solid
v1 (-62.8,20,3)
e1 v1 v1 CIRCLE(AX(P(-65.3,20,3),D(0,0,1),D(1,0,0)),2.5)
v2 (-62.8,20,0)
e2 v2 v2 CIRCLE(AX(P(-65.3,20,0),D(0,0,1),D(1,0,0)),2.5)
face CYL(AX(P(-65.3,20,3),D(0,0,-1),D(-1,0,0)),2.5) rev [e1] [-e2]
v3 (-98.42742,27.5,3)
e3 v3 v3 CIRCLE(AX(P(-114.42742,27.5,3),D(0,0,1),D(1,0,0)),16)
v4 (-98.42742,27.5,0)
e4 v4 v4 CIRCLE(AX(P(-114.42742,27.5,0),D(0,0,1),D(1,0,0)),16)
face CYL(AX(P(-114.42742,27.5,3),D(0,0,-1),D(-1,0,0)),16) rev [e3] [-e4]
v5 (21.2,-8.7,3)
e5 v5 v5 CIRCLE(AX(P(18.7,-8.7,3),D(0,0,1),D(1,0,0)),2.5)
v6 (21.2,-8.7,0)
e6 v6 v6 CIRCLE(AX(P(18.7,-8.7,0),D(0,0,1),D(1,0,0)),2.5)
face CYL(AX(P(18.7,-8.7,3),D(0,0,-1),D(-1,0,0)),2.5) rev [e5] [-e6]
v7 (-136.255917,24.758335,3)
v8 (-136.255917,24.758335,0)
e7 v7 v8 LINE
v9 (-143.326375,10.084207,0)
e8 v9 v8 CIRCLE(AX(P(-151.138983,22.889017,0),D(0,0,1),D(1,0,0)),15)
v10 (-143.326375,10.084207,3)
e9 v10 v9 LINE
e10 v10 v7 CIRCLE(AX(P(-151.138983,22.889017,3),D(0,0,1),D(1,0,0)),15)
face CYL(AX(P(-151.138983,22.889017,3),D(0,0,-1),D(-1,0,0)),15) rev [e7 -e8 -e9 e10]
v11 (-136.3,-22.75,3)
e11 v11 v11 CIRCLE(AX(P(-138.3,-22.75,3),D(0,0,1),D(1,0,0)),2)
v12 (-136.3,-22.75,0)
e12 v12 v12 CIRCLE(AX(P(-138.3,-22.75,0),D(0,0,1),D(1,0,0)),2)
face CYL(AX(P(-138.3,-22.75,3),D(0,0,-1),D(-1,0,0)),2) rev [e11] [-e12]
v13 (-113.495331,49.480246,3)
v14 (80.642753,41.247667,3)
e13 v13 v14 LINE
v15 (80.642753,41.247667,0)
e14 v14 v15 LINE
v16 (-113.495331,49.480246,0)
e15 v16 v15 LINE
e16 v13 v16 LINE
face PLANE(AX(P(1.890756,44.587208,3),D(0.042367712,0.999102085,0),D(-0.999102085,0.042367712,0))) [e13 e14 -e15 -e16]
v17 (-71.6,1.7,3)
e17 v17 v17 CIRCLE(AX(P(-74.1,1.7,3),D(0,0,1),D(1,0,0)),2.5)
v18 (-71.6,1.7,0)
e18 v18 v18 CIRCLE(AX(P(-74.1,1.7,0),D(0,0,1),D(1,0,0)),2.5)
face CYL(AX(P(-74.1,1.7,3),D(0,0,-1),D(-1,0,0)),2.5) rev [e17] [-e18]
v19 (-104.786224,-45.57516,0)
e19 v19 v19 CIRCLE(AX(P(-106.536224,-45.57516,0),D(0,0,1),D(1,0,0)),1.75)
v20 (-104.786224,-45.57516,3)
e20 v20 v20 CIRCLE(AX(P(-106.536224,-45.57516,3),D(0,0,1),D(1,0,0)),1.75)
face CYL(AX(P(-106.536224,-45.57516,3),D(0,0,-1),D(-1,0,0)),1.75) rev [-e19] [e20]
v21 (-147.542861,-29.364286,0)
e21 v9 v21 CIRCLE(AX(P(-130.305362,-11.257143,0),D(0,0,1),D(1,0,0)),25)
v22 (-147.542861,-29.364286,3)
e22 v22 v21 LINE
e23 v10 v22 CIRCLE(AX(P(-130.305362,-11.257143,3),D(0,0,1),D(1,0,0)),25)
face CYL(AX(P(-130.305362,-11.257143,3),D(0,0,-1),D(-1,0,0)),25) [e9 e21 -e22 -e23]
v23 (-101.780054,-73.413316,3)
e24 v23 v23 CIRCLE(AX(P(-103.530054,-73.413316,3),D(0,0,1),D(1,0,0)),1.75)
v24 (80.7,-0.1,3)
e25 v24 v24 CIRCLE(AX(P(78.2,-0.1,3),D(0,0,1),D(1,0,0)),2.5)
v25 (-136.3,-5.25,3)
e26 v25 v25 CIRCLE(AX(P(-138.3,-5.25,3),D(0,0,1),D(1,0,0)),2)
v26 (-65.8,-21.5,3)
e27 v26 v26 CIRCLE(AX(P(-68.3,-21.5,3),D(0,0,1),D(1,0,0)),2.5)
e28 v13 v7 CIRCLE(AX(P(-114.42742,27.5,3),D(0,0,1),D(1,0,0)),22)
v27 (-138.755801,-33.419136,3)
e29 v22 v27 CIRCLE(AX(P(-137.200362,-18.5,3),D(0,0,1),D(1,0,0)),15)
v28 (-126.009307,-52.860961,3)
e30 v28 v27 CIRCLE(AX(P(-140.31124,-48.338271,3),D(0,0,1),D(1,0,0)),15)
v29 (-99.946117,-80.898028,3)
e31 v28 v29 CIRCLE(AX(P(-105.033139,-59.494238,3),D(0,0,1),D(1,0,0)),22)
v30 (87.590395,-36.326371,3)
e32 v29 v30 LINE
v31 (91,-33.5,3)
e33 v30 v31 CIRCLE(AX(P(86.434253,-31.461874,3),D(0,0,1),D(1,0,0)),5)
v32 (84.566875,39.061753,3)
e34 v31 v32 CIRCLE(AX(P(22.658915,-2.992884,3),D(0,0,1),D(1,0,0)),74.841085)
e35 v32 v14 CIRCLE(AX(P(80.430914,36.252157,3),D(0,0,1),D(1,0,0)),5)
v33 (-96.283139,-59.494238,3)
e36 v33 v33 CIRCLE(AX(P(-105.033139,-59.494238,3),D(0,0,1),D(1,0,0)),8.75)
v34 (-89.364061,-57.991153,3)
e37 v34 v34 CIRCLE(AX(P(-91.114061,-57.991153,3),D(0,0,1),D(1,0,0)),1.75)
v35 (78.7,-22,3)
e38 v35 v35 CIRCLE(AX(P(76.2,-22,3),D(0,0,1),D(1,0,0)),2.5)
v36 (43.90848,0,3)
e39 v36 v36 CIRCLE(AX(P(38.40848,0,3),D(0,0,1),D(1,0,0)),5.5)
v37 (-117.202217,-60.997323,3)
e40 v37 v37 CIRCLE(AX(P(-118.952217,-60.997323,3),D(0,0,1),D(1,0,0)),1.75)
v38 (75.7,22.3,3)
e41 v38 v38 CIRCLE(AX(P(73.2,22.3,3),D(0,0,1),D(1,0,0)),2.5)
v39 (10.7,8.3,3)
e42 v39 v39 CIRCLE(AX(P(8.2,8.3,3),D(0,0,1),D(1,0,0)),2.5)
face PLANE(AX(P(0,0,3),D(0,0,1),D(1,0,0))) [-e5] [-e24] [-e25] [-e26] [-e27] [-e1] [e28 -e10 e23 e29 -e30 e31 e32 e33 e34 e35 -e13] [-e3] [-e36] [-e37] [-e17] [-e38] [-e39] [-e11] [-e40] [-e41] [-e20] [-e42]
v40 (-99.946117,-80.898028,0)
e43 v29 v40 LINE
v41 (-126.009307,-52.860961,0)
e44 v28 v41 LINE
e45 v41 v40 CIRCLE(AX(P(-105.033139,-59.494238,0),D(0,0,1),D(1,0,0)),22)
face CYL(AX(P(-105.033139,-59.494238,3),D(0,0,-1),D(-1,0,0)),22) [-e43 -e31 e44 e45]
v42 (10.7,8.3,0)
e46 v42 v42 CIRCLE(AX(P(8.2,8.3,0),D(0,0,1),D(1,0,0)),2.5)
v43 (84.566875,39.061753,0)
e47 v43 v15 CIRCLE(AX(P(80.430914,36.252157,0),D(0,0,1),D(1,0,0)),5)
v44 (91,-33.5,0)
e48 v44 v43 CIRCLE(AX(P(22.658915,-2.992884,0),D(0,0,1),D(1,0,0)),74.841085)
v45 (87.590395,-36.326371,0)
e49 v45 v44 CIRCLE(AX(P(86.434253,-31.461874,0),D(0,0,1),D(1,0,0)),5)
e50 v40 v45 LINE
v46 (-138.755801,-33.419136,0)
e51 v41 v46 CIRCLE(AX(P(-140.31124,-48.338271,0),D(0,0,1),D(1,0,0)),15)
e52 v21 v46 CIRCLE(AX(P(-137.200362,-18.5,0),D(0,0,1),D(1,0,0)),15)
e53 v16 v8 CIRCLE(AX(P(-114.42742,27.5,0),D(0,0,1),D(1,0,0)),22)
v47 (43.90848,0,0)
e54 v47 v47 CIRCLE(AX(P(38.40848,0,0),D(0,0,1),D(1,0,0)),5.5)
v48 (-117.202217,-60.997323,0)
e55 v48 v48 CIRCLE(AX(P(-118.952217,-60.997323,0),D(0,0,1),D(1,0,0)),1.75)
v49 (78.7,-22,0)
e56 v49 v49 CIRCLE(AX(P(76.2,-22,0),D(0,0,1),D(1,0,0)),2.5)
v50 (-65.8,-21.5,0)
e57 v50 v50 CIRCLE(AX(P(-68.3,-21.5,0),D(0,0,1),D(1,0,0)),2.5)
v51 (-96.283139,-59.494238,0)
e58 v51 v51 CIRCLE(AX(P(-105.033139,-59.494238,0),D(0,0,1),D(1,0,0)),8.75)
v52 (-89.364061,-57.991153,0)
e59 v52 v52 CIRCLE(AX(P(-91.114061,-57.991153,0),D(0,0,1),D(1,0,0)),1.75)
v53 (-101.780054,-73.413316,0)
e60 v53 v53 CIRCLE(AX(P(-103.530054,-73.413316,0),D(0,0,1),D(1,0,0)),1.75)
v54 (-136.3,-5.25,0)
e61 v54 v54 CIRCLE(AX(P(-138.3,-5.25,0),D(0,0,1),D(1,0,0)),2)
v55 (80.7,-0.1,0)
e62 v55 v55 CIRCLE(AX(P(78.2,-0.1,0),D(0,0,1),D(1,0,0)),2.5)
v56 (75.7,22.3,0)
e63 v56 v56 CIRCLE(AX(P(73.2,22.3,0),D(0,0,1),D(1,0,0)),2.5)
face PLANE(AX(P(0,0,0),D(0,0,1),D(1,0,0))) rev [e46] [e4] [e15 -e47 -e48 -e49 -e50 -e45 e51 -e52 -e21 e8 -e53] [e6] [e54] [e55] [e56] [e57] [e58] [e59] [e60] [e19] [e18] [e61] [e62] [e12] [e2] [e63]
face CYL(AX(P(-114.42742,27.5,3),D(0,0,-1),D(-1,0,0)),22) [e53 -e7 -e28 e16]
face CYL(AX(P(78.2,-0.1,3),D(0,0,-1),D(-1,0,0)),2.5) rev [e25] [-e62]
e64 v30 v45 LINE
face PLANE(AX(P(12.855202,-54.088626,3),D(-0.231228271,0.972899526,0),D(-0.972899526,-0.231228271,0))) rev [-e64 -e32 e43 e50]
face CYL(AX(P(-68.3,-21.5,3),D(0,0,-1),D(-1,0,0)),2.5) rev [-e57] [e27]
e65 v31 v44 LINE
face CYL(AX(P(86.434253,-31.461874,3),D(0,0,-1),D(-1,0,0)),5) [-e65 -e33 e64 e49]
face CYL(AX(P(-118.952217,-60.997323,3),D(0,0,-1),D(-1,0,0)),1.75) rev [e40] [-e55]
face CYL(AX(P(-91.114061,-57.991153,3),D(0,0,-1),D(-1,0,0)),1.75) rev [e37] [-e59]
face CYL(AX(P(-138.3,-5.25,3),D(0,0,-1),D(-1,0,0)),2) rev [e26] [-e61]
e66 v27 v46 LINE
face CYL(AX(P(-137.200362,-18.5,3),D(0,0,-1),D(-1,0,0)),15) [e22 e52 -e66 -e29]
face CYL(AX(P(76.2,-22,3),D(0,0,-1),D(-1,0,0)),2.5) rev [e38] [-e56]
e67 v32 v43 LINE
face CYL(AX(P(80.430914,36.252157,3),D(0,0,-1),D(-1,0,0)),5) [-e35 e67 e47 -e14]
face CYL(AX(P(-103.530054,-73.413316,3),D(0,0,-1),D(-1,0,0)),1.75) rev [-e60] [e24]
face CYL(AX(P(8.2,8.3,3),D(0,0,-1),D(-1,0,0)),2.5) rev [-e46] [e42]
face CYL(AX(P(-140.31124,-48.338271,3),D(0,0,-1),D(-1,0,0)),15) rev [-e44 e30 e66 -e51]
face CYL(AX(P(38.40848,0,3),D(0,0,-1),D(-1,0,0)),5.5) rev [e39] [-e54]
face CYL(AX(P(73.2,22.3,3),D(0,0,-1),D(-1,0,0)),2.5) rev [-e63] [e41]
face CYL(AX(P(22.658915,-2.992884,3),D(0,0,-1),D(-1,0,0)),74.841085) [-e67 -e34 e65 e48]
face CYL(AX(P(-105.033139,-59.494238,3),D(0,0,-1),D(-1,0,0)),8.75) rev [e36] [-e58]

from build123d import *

# Parameters (mm, degrees)
SKETCH1_R           = 2
SKETCH1_R_2         = 2.5
SKETCH1_R_3         = 16
SKETCH1_R_4         = 5.5
SKETCH1_R_5         = 1.75
SKETCH1_R_6         = 8.75
BOSS_EXTRUDE1_DEPTH = 3


with BuildPart() as part:
    # Sketch1 → Boss-Extrude1 (new body)
    with BuildSketch(Plane.XY):
        with BuildLine():
            ThreePointArc((-113.495330616, 49.480245878), (-130.612542537, 42.401067653), (-136.25591702, 24.758334511))
            ThreePointArc((-136.25591702, 24.758334511), (-137.625807722, 16.377942391), (-143.326375164, 10.084207136))
            ThreePointArc((-143.326375164, 10.084207136), (-155.163766889, -8.600130856), (-147.542861296, -29.364285714))
            ThreePointArc((-147.542861296, -29.364285714), (-143.485319021, -32.119813239), (-138.755800817, -33.41913568))
            ThreePointArc((-138.755800817, -33.41913568), (-127.766910462, -40.113929411), (-126.009307035, -52.860960615))
            ThreePointArc((-126.009307035, -52.860960615), (-121.146348376, -74.473039246), (-99.946116444, -80.898027626))
            Line((-99.946116444, -80.898027626), (87.590394813, -36.326371398))
            ThreePointArc((87.590394813, -36.326371398), (89.625192833, -35.311277089), (91, -33.5))
            ThreePointArc((91, -33.5), (97.207593169, 3.616395989), (84.566874945, 39.061752622))
            ThreePointArc((84.566874945, 39.061752622), (82.864100425, 40.62017761), (80.642752625, 41.247667416))
            Line((80.642752625, 41.247667416), (-113.495330616, 49.480245878))
        make_face()
        with Locations((-138.3, -22.75)):
            Circle(SKETCH1_R, mode=Mode.SUBTRACT)
        with Locations((-68.3, -21.5)):
            Circle(SKETCH1_R_2, mode=Mode.SUBTRACT)
        with Locations((76.2, -22)):
            Circle(SKETCH1_R_2, mode=Mode.SUBTRACT)
        with Locations((-138.3, -5.25)):
            Circle(SKETCH1_R, mode=Mode.SUBTRACT)
        with Locations((-74.1, 1.7)):
            Circle(SKETCH1_R_2, mode=Mode.SUBTRACT)
        with Locations((-114.42742027, 27.5)):
            Circle(SKETCH1_R_3, mode=Mode.SUBTRACT)
        with Locations((-65.3, 20)):
            Circle(SKETCH1_R_2, mode=Mode.SUBTRACT)
        with Locations((18.7, -8.7)):
            Circle(SKETCH1_R_2, mode=Mode.SUBTRACT)
        with Locations((8.2, 8.3)):
            Circle(SKETCH1_R_2, mode=Mode.SUBTRACT)
        with Locations((38.40848029, 0)):
            Circle(SKETCH1_R_4, mode=Mode.SUBTRACT)
        with Locations((78.2, -0.1)):
            Circle(SKETCH1_R_2, mode=Mode.SUBTRACT)
        with Locations((73.2, 22.3)):
            Circle(SKETCH1_R_2, mode=Mode.SUBTRACT)
        with Locations((-106.536223939, -45.575160078)):
            Circle(SKETCH1_R_5, mode=Mode.SUBTRACT)
        with Locations((-103.530053908, -73.413316298)):
            Circle(SKETCH1_R_5, mode=Mode.SUBTRACT)
        with Locations((-118.952217033, -60.997323204)):
            Circle(SKETCH1_R_5, mode=Mode.SUBTRACT)
        with Locations((-105.033138923, -59.494238188)):
            Circle(SKETCH1_R_6, mode=Mode.SUBTRACT)
        with Locations((-91.114060813, -57.991153173)):
            Circle(SKETCH1_R_5, mode=Mode.SUBTRACT)
    extrude(amount=BOSS_EXTRUDE1_DEPTH)


solid = part.part
